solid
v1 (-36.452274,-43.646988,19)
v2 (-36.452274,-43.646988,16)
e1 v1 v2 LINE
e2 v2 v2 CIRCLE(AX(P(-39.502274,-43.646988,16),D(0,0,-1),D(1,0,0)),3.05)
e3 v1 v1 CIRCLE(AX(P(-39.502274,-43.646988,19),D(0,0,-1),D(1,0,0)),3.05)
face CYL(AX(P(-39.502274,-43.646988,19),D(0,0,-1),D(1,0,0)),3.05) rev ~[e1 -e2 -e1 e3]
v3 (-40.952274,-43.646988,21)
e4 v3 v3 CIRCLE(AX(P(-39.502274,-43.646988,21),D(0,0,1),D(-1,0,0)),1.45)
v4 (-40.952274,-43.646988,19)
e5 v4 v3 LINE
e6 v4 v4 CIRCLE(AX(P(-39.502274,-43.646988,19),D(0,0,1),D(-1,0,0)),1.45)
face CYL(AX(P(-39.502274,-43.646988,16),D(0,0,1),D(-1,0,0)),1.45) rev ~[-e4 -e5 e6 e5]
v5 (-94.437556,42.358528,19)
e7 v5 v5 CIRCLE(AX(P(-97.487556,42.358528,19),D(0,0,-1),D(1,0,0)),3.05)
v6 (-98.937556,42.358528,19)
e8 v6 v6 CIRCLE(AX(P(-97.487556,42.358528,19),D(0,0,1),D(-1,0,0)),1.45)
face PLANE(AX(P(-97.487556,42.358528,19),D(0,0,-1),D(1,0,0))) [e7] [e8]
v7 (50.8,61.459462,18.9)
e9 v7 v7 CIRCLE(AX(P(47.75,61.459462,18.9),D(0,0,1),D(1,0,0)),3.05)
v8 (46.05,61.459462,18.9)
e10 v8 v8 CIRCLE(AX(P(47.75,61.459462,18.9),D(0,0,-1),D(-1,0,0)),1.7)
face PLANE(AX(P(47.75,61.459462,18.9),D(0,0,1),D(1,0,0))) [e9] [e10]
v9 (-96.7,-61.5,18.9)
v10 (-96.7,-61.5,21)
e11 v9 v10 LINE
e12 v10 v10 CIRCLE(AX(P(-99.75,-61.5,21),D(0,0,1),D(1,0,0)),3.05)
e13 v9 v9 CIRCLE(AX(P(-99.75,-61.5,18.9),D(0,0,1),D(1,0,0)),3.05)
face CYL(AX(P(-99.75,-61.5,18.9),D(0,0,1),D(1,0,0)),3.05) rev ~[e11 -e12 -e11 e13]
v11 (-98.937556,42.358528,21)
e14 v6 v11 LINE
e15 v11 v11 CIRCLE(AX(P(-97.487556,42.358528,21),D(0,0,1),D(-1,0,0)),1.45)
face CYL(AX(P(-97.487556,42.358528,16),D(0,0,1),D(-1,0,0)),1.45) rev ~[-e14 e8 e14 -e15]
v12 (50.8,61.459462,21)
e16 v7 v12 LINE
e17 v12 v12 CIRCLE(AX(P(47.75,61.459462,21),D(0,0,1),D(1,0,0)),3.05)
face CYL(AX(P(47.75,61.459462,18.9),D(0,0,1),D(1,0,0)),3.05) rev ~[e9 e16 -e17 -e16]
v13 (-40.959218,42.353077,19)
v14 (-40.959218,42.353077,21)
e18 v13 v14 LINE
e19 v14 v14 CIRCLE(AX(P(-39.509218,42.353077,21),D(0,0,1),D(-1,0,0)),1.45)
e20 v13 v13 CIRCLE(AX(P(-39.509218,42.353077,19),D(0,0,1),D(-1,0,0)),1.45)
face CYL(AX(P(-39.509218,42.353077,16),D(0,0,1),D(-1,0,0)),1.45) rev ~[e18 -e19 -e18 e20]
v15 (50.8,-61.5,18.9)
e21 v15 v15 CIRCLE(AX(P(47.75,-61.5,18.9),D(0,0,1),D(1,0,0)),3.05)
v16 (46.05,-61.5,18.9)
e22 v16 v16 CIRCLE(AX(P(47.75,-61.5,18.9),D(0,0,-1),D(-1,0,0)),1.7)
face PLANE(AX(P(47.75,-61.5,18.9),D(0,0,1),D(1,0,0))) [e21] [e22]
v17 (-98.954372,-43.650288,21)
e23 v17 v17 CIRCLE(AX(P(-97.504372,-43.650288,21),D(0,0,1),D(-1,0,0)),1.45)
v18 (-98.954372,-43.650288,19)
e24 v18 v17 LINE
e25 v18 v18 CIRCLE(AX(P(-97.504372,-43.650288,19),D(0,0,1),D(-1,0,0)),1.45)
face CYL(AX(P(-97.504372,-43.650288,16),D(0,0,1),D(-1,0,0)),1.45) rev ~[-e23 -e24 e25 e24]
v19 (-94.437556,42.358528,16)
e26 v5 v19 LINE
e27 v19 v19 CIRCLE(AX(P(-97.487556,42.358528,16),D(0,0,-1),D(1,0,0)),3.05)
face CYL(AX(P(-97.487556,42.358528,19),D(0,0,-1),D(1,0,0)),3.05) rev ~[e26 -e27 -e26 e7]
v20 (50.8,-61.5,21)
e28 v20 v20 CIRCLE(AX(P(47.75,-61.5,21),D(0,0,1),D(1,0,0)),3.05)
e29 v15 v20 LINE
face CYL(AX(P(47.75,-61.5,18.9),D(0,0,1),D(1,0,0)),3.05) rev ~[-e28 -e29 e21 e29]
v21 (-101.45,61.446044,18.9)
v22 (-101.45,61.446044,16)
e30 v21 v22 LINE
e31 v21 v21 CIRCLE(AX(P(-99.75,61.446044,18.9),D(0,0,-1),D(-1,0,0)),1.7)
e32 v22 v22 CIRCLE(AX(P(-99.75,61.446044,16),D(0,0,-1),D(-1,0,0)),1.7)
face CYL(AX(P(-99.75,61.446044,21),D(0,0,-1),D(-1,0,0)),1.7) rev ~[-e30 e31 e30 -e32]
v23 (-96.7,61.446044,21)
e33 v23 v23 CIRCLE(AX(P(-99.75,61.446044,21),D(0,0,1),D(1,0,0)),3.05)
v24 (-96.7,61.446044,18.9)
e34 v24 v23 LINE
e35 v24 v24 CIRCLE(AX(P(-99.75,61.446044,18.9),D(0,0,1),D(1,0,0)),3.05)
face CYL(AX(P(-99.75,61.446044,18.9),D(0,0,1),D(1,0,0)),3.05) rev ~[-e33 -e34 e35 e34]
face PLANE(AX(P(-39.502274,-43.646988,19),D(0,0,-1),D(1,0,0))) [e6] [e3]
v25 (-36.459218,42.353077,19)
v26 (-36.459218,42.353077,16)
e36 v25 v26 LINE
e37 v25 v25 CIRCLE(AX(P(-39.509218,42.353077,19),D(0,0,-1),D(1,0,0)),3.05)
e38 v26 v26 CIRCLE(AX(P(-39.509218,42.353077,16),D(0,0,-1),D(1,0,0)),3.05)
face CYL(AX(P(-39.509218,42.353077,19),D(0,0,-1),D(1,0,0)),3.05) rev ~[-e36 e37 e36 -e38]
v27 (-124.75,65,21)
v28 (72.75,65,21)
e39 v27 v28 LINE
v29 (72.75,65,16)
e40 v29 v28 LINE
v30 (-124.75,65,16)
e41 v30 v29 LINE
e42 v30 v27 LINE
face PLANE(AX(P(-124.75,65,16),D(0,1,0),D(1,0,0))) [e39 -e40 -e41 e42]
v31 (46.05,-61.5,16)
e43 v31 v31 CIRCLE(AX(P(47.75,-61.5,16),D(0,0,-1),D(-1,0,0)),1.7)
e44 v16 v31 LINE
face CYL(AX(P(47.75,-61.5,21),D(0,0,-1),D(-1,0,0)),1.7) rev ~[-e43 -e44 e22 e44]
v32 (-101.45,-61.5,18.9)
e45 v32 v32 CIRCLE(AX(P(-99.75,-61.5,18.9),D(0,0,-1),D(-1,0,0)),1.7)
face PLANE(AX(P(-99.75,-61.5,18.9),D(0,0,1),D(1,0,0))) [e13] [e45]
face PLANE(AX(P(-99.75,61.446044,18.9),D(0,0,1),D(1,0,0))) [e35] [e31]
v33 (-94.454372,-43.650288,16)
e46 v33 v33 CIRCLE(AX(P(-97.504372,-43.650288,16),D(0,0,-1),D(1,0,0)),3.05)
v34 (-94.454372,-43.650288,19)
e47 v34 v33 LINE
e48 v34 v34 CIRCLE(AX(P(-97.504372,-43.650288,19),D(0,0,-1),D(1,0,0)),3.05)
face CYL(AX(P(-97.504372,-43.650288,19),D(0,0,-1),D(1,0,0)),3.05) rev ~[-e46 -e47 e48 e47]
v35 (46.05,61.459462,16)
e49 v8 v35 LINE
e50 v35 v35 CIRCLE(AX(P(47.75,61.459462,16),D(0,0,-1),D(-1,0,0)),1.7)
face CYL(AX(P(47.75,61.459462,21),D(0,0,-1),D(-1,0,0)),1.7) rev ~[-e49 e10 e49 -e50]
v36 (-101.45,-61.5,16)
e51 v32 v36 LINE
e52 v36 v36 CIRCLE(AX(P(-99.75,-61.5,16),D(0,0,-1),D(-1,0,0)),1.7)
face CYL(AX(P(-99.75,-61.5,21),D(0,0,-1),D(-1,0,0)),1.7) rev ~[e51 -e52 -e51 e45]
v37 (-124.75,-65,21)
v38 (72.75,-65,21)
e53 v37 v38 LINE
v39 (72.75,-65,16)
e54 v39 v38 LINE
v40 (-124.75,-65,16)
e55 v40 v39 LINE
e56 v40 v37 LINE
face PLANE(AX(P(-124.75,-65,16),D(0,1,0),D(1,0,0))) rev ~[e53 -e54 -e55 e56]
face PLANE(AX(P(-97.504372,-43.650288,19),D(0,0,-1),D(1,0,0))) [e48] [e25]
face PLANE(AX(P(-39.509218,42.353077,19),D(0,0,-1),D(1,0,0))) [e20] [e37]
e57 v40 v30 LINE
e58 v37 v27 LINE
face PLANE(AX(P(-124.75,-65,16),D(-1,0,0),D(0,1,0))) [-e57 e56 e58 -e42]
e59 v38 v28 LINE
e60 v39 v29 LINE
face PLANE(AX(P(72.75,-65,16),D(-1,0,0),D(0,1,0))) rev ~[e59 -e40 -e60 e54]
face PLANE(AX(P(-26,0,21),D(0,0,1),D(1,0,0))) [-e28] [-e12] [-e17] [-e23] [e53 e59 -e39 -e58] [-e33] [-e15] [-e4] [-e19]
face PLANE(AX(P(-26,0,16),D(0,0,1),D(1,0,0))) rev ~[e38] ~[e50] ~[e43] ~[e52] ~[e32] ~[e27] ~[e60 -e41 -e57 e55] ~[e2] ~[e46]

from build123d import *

# Parameters (mm, degrees)
SKETCH025_W         = 197.5
SKETCH025_H         = 130
PAD019_DEPTH        = 5
HOLE001_D           = 3.4
HOLE001_DEPTH       = 25
HOLE001_CBORE_D     = 6.1
HOLE001_CBORE_DEPTH = 2.1
HOLE002_D           = 2.9
HOLE002_DEPTH       = 25
HOLE002_CBORE_D     = 6.1
HOLE002_CBORE_DEPTH = 3


with BuildPart() as part:
    # Sketch025 → Pad019 (new body)
    with BuildSketch(Plane.XY):
        Rectangle(SKETCH025_W, SKETCH025_H)
    extrude(amount=PAD019_DEPTH)

    # Hole001
    with Locations(Plane.XY.offset(5)):
        with Locations((73.75, 61.459462), (-73.75, 61.446044), (-73.75, -61.5), (73.75, -61.5)):
            CounterBoreHole(HOLE001_D / 2, HOLE001_CBORE_D / 2, HOLE001_CBORE_DEPTH, depth=HOLE001_DEPTH)

    # Hole002
    with Locations(Plane(origin=(0, 0, 0), x_dir=(1, 0, 0), z_dir=(0, 0, -1))):
        with Locations((-13.502274, 43.646988), (-71.504372, 43.650288), (-13.509218, -42.353077), (-71.487556, -42.358528)):
            CounterBoreHole(HOLE002_D / 2, HOLE002_CBORE_D / 2, HOLE002_CBORE_DEPTH, depth=HOLE002_DEPTH)


with BuildPart() as part_1:
    # Body004 placement: moved
    add(part.part.moved(Location((-26, 0, 16))))


solid = part_1.part
